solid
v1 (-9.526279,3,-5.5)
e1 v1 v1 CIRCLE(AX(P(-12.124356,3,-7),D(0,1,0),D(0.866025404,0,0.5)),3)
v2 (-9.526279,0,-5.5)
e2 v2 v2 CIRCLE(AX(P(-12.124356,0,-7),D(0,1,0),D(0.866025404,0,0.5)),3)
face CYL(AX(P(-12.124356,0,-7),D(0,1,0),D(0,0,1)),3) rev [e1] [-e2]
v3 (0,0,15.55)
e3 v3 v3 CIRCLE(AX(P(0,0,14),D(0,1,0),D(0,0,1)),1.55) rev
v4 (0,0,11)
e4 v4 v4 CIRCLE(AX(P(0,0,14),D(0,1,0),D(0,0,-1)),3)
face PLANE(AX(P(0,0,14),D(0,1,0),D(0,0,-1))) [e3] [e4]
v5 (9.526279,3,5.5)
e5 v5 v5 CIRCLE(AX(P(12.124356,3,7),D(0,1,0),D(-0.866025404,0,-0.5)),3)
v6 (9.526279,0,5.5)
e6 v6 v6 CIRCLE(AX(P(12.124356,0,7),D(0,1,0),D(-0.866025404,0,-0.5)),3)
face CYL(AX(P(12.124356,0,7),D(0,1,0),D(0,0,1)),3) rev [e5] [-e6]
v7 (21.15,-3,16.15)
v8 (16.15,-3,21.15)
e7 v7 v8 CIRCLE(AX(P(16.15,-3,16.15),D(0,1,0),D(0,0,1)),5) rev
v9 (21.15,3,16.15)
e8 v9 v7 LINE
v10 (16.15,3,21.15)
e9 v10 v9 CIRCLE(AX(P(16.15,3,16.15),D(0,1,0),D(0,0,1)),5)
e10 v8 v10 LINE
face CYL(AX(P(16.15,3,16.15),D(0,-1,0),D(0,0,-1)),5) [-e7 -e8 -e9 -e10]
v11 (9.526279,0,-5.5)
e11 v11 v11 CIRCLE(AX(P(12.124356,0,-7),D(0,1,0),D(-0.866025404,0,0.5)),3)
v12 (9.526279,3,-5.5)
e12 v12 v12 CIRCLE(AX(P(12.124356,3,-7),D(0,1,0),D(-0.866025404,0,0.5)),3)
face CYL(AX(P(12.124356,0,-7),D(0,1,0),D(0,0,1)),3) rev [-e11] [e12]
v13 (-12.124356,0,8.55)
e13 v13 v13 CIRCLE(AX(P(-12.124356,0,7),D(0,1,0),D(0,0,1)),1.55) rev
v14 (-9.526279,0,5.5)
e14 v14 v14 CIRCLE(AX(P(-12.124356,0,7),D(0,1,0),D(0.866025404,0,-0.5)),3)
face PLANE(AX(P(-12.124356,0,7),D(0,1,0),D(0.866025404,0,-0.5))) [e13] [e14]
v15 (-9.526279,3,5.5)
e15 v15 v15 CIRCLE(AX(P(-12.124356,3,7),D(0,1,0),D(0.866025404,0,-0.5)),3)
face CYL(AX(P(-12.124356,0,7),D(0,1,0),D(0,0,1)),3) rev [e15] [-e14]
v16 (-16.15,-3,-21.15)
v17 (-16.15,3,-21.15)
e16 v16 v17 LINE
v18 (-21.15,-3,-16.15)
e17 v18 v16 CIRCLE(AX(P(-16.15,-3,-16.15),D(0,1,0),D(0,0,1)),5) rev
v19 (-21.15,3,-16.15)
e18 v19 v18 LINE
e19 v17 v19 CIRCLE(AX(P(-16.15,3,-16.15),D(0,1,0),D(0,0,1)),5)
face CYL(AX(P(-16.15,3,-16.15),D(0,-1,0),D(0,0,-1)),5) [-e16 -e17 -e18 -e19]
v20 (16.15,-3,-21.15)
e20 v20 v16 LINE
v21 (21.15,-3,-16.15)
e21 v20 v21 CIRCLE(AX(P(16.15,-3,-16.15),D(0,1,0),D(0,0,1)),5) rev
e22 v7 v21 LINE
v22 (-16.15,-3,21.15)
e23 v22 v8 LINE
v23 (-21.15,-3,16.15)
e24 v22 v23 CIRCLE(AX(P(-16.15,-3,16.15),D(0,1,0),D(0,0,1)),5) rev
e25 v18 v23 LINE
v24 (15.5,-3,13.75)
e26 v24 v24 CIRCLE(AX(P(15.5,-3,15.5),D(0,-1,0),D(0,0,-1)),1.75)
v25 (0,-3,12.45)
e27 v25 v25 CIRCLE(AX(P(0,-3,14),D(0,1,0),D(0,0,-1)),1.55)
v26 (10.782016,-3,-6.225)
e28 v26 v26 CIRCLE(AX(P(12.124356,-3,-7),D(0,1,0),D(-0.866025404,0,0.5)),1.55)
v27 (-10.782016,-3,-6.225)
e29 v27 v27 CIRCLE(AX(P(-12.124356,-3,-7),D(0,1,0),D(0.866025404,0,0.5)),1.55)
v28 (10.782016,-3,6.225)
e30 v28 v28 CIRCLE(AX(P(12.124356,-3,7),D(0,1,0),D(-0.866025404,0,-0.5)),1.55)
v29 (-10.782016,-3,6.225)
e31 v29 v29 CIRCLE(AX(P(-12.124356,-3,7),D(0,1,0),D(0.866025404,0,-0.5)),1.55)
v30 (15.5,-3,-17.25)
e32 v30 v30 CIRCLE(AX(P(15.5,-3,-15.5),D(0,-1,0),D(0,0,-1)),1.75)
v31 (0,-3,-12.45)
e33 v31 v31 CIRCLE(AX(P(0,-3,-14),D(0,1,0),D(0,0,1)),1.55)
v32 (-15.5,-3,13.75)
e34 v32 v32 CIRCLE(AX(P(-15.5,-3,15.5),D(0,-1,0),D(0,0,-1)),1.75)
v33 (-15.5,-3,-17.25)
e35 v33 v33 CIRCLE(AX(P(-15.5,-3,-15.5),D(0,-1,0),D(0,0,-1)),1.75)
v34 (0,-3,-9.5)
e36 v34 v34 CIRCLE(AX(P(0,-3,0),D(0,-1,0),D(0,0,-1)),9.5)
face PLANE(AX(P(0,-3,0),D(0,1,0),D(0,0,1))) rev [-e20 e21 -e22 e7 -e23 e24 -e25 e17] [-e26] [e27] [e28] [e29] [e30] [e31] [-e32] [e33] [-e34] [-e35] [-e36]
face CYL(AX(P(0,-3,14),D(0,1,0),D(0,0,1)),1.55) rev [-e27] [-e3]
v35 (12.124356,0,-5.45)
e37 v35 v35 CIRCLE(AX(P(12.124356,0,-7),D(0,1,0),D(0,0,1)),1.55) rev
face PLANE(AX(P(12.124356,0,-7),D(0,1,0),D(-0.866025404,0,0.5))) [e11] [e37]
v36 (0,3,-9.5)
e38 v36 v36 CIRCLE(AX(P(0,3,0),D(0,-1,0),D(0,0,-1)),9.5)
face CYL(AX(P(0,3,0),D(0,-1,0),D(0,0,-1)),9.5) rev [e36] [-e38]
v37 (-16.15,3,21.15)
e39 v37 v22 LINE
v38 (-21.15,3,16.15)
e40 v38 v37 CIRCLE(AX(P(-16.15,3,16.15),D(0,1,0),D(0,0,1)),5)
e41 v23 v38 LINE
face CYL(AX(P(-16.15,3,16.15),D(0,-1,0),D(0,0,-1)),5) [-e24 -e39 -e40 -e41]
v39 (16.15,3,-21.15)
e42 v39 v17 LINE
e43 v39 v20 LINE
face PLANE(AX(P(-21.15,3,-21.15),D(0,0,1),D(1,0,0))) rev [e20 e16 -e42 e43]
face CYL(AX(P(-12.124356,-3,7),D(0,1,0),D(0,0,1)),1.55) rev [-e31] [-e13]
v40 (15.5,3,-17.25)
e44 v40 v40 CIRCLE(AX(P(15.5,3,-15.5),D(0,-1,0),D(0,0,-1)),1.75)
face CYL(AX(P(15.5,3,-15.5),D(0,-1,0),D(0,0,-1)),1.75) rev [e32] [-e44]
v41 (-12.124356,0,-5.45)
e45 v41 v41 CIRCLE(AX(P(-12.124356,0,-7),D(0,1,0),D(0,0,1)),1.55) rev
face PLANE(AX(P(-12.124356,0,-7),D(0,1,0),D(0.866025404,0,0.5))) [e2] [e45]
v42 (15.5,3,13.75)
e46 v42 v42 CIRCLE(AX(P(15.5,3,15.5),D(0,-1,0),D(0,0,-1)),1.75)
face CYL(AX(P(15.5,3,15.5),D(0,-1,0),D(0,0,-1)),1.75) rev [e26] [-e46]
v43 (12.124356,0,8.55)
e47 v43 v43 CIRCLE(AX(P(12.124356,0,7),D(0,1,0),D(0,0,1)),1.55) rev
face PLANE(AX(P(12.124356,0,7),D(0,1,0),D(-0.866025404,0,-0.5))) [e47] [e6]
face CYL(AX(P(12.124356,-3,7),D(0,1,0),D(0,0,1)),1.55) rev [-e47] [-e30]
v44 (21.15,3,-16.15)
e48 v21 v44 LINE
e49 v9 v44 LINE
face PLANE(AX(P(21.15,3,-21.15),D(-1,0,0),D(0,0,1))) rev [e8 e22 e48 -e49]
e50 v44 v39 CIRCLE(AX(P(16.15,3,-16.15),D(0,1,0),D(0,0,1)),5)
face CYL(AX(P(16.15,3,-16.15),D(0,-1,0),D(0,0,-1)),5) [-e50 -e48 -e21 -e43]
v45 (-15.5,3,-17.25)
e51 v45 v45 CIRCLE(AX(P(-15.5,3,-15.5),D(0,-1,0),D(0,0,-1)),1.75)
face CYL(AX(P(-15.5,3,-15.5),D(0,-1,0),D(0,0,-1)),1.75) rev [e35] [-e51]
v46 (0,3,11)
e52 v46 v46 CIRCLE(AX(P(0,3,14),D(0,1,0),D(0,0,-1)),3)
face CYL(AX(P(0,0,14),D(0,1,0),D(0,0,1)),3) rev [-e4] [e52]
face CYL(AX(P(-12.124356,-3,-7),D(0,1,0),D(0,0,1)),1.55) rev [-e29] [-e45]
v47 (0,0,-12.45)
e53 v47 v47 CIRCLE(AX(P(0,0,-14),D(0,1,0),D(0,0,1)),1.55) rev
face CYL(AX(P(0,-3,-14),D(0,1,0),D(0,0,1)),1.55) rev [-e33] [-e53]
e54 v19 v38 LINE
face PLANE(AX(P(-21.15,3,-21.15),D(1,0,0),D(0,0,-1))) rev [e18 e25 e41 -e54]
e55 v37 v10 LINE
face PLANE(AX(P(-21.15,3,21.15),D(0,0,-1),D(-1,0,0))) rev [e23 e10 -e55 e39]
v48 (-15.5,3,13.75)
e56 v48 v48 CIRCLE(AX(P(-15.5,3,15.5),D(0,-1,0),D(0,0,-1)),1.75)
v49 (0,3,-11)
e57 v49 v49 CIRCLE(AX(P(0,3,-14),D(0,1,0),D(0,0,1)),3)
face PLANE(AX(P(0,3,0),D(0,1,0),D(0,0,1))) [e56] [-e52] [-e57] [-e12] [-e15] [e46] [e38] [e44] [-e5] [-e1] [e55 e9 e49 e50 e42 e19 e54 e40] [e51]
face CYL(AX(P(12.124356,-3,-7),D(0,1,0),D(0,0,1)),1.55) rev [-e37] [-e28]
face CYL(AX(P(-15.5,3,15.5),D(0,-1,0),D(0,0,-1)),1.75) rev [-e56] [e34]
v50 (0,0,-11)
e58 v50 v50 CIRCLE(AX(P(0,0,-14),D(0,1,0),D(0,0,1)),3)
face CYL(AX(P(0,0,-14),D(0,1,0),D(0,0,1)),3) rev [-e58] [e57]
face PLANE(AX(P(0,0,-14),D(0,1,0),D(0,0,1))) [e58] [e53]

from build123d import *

# Parameters (mm, degrees)
SKETCH1_W           = 42.3
SKETCH1_H           = 42.3
BOSS_EXTRUDE1_DEPTH = 3
FILLET1_R           = 5
SKETCH2_R           = 1.75
CUT_EXTRUDE1_DEPTH  = 7
SKETCH4_R           = 9.5
CUT_EXTRUDE3_DEPTH  = 7
SKETCH5_R           = 1.55
CUT_EXTRUDE4_DEPTH  = 7
SKETCH6_R           = 3
CUT_EXTRUDE5_DEPTH  = 3
CIRPATTERN1_COUNT   = 6


with BuildPart() as part:
    # Sketch1 → Boss-Extrude1 (new body, symmetric)
    with BuildSketch(Plane(origin=(0, 0, 0), x_dir=(1, 0, 0), z_dir=(0, 1, 0))):
        Rectangle(SKETCH1_W, SKETCH1_H)
    extrude(amount=BOSS_EXTRUDE1_DEPTH, both=True)

    # Fillet1
    fillet1_edges = [part.edges().sort_by_distance(p)[0] for p in [
        (21.15, 0, 21.15),
        (-21.15, 0, 21.15),
        (-21.15, 0, -21.15),
        (21.15, 0, -21.15),
    ]]
    fillet(fillet1_edges, radius=FILLET1_R)

    # Sketch2 → Cut-Extrude1 (cut, through all)
    with BuildSketch(Plane.XZ.offset(3)):
        with Locations((-15.5, 15.5)):
            Circle(SKETCH2_R)
        with Locations((15.5, 15.5)):
            Circle(SKETCH2_R)
        with Locations((15.5, -15.5)):
            Circle(SKETCH2_R)
        with Locations((-15.5, -15.5)):
            Circle(SKETCH2_R)
    extrude(amount=-CUT_EXTRUDE1_DEPTH, mode=Mode.SUBTRACT)

    # Sketch4 → Cut-Extrude3 (cut, through all)
    with BuildSketch(Plane.XZ.offset(3)):
        Circle(SKETCH4_R)
    extrude(amount=-CUT_EXTRUDE3_DEPTH, mode=Mode.SUBTRACT)

    # Sketch5 → Cut-Extrude4 (cut, through all)
    with BuildSketch(Plane(origin=(0, 3, 0), x_dir=(1, 0, 0), z_dir=(0, 1, 0))):
        with Locations((0, 14)):
            Circle(SKETCH5_R)
    cut_extrude4 = extrude(amount=-CUT_EXTRUDE4_DEPTH, mode=Mode.SUBTRACT)

    # Sketch6 → Cut-Extrude5 (cut)
    with BuildSketch(Plane(origin=(0, 3, 0), x_dir=(1, 0, 0), z_dir=(0, 1, 0))):
        with Locations((0, 14)):
            Circle(SKETCH6_R)
    cut_extrude5 = extrude(amount=-CUT_EXTRUDE5_DEPTH, mode=Mode.SUBTRACT)

    # CirPattern1: Cut-Extrude4, Cut-Extrude5 ×6 about axis
    cirpattern1_axis = Axis((0, 0, 0), (0, 1, 0))
    for i in range(1, CIRPATTERN1_COUNT):
        add(cut_extrude4.rotate(cirpattern1_axis, i * 360 / CIRPATTERN1_COUNT), mode=Mode.SUBTRACT)
        add(cut_extrude5.rotate(cirpattern1_axis, i * 360 / CIRPATTERN1_COUNT), mode=Mode.SUBTRACT)


solid = part.part
